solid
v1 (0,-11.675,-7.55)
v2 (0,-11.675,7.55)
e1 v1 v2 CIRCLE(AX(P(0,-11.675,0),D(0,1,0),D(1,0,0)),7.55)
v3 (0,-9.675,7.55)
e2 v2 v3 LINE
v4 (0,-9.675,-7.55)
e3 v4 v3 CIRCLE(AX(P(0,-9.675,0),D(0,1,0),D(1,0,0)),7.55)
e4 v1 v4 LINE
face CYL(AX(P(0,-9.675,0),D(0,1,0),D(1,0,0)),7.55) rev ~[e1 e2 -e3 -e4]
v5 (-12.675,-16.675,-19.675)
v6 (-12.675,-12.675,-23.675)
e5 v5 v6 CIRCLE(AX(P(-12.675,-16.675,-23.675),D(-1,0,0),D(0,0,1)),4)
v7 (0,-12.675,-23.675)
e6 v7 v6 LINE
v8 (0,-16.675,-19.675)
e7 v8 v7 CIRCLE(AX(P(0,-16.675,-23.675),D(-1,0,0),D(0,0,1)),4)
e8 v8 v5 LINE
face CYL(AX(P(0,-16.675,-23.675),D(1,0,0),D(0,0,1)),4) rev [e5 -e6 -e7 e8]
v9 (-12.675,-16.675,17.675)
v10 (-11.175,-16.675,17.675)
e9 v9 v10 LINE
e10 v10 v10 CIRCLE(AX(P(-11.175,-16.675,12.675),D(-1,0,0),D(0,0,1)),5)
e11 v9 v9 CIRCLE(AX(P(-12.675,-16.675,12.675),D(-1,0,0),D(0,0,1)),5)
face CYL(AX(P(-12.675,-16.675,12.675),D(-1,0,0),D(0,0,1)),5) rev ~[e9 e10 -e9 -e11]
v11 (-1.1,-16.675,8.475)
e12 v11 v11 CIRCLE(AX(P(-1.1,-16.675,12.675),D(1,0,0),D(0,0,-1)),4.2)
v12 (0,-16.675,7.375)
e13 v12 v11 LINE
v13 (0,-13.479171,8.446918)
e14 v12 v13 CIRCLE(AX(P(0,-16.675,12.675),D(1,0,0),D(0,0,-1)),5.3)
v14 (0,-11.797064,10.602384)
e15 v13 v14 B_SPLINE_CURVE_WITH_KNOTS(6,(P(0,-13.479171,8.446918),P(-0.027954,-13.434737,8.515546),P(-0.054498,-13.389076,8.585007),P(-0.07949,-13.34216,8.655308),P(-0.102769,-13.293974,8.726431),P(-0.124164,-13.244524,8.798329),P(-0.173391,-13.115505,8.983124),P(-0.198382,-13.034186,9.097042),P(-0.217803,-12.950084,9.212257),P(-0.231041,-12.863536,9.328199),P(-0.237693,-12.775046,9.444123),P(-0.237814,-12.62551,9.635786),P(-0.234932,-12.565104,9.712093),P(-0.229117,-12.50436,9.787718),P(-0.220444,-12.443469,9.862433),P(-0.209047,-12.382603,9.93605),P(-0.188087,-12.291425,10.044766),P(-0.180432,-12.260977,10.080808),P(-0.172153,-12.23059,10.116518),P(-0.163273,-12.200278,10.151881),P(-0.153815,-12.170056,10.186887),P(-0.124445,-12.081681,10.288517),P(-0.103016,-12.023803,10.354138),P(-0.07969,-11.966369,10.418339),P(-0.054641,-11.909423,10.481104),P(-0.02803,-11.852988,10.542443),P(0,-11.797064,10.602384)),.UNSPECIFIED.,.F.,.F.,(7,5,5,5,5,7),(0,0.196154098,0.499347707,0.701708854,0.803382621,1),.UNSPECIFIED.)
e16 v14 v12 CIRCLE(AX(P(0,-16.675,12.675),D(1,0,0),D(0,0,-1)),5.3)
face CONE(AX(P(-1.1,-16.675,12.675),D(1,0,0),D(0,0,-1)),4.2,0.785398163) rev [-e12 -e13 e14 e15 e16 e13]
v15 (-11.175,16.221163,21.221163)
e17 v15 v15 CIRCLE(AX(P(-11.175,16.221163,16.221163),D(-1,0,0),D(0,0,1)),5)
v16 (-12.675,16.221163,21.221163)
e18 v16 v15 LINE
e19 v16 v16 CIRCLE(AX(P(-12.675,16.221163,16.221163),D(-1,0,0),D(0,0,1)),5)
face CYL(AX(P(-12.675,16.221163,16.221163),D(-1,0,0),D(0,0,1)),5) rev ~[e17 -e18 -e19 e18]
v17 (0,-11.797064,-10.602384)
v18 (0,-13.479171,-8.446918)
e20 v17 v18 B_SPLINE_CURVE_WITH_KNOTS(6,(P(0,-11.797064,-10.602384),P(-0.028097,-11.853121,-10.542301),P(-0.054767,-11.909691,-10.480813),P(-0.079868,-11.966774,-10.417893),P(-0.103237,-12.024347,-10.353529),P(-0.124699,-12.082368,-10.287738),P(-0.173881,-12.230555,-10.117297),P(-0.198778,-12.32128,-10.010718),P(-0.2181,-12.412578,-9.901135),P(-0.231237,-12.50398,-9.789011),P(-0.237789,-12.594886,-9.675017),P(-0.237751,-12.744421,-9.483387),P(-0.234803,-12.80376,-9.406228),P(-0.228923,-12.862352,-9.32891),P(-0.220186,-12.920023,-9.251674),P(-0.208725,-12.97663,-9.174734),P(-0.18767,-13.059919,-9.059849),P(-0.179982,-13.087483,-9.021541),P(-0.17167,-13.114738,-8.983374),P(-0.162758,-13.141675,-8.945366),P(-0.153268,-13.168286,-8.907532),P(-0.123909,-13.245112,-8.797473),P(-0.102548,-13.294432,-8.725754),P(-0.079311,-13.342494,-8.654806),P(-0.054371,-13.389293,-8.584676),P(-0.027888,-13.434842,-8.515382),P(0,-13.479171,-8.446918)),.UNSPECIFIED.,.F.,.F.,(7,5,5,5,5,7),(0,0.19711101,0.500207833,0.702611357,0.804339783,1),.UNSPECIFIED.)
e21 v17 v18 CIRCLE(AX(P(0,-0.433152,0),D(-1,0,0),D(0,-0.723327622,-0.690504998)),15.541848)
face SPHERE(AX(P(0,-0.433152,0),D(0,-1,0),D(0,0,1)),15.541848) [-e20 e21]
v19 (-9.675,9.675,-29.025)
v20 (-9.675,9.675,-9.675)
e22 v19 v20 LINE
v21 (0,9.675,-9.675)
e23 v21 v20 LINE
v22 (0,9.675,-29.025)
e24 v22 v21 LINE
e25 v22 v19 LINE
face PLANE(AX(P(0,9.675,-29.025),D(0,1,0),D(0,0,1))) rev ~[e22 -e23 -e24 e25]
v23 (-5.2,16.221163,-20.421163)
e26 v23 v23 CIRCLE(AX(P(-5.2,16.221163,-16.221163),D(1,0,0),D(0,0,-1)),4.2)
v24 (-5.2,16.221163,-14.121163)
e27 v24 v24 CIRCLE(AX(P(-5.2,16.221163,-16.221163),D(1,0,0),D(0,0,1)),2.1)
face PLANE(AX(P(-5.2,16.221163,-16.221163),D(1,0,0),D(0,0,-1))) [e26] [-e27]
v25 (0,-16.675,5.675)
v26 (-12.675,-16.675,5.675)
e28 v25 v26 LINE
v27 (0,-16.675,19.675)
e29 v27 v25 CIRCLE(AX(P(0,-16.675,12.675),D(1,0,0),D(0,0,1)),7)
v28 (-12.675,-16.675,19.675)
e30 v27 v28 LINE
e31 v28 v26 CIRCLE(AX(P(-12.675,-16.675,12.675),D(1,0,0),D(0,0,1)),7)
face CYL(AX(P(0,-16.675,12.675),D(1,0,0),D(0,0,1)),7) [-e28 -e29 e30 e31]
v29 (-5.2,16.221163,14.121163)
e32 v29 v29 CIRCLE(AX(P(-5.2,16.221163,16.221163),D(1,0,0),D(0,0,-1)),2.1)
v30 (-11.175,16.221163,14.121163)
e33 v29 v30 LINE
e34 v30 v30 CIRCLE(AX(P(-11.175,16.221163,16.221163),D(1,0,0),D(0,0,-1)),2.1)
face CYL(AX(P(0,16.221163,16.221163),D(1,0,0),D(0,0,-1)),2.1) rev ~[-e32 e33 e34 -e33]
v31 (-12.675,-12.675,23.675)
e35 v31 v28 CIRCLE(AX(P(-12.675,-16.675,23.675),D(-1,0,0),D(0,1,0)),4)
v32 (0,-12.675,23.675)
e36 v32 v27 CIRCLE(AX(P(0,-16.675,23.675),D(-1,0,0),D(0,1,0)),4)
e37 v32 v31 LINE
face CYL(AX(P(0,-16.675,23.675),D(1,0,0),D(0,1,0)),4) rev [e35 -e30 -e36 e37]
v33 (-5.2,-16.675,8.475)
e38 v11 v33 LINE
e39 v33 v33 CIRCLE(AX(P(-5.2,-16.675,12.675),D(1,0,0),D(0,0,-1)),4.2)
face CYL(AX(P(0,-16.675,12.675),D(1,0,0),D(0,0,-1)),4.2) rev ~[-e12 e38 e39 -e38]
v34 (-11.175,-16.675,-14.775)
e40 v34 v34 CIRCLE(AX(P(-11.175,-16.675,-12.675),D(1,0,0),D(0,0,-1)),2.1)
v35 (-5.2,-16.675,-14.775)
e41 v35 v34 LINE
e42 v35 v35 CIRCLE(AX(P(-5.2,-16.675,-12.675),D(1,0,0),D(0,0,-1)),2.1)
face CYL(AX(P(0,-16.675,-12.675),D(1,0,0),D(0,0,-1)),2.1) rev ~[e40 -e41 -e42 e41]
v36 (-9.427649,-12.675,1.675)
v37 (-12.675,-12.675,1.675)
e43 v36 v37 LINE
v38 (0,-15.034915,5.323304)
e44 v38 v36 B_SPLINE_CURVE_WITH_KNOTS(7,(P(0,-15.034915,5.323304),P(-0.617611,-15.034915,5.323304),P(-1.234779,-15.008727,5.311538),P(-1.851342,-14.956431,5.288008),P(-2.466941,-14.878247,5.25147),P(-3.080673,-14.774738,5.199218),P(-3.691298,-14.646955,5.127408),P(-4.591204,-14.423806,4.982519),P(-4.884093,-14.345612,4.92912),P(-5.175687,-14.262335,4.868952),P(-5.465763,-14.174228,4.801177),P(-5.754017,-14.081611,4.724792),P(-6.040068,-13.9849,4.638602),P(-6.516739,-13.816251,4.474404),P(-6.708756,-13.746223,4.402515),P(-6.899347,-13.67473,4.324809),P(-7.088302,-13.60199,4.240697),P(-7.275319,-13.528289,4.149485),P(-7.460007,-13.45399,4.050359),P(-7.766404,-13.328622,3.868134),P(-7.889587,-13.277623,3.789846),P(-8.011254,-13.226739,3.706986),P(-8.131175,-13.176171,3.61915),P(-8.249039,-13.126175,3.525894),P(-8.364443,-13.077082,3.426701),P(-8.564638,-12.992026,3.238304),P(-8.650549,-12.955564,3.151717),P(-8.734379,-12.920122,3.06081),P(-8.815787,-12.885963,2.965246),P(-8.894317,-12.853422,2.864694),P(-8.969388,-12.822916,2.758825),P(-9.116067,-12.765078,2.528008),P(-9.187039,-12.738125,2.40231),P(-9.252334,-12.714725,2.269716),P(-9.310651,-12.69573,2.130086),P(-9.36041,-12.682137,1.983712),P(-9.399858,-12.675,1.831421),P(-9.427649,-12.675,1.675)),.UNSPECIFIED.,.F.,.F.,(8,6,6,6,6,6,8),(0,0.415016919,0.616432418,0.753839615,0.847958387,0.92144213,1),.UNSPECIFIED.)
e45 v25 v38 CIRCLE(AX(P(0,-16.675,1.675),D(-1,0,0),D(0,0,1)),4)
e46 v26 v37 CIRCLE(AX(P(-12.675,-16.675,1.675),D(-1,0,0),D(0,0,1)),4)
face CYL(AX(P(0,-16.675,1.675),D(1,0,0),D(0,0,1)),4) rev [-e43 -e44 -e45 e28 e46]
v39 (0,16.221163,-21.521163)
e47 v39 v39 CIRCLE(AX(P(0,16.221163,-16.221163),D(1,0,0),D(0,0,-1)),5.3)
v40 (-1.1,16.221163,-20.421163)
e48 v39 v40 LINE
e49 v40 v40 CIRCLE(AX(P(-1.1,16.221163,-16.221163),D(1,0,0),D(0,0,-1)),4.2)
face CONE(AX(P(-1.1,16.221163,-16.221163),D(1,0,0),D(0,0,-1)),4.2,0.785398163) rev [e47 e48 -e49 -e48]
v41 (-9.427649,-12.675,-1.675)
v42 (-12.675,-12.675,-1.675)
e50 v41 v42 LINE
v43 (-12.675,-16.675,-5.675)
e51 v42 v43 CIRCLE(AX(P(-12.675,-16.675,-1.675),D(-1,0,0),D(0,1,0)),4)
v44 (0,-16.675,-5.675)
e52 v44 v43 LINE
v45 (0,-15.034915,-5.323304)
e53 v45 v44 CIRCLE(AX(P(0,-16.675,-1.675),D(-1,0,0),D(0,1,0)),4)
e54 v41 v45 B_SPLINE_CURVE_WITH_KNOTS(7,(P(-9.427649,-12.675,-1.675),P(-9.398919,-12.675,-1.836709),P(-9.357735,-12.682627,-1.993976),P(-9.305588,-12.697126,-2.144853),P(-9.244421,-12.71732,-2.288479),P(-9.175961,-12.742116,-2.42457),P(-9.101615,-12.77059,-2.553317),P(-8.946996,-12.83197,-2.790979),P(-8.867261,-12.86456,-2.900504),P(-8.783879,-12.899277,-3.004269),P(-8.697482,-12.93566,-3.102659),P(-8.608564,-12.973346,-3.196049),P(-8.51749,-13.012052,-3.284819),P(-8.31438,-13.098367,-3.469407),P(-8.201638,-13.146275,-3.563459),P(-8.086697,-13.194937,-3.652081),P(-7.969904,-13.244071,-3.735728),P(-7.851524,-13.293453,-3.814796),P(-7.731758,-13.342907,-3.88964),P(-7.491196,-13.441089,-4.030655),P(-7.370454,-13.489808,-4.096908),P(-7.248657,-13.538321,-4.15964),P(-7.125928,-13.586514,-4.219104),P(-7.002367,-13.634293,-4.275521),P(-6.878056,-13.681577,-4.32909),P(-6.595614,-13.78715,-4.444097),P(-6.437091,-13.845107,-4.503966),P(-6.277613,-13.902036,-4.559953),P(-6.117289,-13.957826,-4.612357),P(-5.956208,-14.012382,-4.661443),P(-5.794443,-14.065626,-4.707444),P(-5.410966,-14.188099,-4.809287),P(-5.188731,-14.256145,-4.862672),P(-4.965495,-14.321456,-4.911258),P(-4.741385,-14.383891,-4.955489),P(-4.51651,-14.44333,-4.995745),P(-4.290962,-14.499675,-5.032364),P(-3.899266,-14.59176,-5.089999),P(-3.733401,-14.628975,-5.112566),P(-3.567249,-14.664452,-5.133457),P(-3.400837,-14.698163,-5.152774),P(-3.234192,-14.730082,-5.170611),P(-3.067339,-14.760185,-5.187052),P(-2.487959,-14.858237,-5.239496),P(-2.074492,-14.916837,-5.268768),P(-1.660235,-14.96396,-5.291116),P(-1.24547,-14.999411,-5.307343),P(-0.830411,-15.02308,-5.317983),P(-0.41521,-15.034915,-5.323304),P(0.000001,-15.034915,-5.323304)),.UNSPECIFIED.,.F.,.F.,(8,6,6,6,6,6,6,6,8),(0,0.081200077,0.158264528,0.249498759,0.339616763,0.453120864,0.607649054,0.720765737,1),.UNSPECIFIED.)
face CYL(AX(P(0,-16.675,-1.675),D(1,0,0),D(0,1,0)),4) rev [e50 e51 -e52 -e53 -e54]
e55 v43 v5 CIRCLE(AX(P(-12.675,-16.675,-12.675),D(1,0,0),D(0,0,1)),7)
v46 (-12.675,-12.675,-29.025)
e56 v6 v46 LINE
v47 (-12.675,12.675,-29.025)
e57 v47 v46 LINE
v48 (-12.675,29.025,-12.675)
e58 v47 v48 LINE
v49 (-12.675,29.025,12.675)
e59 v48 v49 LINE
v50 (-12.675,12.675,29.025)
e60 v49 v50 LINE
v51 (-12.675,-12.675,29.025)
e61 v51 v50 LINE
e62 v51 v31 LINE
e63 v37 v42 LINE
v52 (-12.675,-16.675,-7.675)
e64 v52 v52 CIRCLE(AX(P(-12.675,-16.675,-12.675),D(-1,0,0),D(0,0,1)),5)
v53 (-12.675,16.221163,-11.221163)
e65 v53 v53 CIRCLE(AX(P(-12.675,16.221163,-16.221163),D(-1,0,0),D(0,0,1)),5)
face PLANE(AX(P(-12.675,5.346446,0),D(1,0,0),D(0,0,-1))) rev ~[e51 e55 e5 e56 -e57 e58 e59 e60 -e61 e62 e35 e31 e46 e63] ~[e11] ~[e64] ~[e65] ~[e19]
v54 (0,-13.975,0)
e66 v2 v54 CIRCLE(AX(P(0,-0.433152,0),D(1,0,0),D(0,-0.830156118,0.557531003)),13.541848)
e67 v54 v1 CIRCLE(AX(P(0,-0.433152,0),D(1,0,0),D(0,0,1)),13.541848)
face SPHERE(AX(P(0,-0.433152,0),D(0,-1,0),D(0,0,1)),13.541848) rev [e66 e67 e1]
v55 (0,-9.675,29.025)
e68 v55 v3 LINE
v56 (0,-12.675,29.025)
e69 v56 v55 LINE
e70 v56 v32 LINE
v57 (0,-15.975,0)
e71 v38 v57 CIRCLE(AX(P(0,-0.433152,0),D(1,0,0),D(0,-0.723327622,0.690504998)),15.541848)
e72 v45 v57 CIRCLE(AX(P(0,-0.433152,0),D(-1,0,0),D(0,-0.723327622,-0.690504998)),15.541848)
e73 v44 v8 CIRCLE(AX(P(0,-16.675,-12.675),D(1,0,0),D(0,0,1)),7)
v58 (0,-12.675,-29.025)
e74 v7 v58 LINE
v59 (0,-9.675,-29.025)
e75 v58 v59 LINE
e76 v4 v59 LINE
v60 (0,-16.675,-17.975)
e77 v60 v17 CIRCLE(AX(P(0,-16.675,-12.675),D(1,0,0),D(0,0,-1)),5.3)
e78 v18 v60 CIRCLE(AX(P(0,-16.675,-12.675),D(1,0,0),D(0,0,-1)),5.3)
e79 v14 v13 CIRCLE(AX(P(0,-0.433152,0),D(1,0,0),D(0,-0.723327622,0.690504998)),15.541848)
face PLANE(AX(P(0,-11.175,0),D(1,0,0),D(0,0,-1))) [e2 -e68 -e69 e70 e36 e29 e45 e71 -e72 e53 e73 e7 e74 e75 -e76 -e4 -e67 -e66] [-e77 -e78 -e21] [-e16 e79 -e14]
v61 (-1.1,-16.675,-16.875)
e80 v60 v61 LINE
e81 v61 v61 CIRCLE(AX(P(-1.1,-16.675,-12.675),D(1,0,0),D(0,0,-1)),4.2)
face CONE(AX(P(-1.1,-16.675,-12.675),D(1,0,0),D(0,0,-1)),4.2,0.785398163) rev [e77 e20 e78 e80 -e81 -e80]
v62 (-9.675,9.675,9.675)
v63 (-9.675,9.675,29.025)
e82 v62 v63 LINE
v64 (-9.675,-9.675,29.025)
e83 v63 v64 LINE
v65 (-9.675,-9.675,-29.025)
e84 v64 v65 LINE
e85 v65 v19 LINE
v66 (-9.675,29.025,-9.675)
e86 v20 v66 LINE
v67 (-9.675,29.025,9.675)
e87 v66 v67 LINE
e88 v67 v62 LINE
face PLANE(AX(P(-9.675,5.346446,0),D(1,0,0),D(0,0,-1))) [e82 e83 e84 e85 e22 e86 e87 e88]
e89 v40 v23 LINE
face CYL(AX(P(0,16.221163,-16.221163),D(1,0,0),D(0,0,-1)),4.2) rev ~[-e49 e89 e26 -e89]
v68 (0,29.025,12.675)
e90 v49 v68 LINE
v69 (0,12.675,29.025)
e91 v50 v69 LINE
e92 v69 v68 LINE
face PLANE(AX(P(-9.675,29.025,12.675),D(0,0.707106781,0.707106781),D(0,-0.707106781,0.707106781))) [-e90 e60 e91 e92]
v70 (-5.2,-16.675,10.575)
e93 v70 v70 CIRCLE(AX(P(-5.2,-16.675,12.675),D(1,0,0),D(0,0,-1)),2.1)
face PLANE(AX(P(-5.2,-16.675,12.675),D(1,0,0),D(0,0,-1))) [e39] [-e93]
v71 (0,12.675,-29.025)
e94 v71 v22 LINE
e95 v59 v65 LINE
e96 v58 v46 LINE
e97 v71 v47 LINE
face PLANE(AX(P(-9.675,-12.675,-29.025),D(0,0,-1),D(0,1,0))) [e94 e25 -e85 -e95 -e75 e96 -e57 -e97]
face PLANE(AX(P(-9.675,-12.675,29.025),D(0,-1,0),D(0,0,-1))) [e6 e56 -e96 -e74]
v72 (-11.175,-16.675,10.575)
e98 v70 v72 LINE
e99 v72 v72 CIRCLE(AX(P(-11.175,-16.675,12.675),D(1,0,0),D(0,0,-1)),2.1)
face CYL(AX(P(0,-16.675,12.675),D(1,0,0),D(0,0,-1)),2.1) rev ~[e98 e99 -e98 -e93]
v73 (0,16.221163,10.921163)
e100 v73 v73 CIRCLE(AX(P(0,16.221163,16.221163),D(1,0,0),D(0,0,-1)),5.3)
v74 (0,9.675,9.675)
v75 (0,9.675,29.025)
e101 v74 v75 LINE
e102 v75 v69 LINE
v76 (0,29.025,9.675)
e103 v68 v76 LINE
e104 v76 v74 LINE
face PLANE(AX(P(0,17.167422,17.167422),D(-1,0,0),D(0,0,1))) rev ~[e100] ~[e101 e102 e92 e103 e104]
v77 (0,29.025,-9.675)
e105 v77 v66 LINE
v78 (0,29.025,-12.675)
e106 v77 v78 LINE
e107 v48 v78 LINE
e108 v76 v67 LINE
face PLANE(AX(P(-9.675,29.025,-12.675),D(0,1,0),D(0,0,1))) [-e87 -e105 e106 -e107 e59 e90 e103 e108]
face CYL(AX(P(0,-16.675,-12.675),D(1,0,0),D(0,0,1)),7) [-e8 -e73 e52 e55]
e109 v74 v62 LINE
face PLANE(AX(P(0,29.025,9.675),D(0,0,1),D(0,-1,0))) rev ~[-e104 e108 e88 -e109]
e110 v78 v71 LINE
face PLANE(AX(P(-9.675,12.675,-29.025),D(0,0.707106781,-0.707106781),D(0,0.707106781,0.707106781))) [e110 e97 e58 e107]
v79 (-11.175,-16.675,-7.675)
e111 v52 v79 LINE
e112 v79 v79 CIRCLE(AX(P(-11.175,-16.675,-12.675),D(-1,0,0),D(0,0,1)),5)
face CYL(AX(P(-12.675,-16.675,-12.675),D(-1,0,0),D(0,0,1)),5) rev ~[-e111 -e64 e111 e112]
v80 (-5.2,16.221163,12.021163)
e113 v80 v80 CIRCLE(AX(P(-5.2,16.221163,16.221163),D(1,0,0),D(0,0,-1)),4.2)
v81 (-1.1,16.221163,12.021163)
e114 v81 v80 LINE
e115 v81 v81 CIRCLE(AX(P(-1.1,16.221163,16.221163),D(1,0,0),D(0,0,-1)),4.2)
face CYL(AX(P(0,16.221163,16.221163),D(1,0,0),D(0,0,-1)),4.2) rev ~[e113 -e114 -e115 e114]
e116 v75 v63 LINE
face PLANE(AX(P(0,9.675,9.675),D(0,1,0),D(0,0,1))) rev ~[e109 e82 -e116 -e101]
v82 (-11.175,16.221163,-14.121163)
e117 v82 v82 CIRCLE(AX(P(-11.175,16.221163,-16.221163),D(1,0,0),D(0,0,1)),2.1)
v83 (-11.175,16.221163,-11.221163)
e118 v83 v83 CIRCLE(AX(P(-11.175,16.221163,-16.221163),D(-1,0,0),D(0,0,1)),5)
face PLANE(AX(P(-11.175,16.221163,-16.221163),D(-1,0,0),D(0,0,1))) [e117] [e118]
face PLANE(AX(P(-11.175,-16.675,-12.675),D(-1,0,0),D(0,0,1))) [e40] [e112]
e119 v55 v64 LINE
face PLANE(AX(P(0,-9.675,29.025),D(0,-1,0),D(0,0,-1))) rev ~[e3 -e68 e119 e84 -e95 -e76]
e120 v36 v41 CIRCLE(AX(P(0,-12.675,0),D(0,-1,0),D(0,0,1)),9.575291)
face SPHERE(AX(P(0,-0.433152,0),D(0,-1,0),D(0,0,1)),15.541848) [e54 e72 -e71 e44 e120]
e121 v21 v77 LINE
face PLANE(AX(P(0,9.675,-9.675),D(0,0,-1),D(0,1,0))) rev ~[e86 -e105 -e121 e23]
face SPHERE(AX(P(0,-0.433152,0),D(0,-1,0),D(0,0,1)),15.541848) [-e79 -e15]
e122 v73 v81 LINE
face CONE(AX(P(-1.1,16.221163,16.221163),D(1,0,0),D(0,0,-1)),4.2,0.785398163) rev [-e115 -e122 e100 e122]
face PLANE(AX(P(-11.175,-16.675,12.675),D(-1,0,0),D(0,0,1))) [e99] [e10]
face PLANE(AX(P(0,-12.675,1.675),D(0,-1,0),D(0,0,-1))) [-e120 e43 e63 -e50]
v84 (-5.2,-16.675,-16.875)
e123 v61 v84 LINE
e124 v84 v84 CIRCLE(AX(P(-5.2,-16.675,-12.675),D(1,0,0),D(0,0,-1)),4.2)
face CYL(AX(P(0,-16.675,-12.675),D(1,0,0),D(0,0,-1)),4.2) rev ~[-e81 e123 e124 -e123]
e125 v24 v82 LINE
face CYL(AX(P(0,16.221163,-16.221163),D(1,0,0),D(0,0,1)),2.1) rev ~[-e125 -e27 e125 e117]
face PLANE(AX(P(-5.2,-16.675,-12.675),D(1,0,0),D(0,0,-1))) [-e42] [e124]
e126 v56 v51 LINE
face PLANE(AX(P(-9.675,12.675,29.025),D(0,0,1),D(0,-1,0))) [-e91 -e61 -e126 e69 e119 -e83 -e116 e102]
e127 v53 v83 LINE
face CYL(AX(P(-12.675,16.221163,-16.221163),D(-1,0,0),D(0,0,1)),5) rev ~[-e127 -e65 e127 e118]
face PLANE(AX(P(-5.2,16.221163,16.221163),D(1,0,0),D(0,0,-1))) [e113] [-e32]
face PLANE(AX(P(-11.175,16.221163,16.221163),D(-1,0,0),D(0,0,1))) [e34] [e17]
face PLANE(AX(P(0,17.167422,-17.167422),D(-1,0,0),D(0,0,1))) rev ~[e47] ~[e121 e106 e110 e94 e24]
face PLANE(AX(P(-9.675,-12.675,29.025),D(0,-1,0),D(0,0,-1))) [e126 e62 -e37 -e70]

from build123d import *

# Parameters (mm, degrees)
BOSS_EXTRUDE1_DEPTH   = 9.675
SKETCH2_W             = 58.05
SKETCH2_H             = 3
BOSS_EXTRUDE1_2_DEPTH = 9.675
BOSS_EXTRUDE1_3_DEPTH = 9.675
BOSS_EXTRUDE2_DEPTH   = 3
BOSS_EXTRUDE3_DEPTH   = 12.675
SKETCH6_R             = 2.1
CUT_EXTRUDE1_DEPTH    = 43.959945007
SKETCH7_R             = 5
CUT_EXTRUDE2_DEPTH    = 1.5
SKETCH8_R             = 4.2
CUT_EXTRUDE3_DEPTH    = 5.2
CHAMFER1_SIZE         = 1.1
SKETCH9_R             = 7.55
CUT_EXTRUDE4_DEPTH    = 2
REVOLVE1_ANGLE        = 180


with BuildPart() as part:
    # Sketch2 → Boss-Extrude1 (new body)
    with BuildSketch(Plane(origin=(0, 0, 0), x_dir=(0, 0, -1), z_dir=(1, 0, 0))):
        Polygon((-29.025, 9.675), (-29.025, 12.675), (-12.675, 29.025), (-9.675, 29.025), (-9.675, 9.675), align=None)
    extrude(amount=-BOSS_EXTRUDE1_DEPTH)



with BuildPart() as body_2:
    # Sketch2 → Boss-Extrude1 2 (new body)
    with BuildSketch(Plane(origin=(0, 0, 0), x_dir=(0, 0, -1), z_dir=(1, 0, 0))):
        with Locations((0, -11.175)):
            Rectangle(SKETCH2_W, SKETCH2_H)
    extrude(amount=-BOSS_EXTRUDE1_2_DEPTH)


with BuildPart() as body_3:
    # Sketch2 → Boss-Extrude1 3 (new body)
    with BuildSketch(Plane(origin=(0, 0, 0), x_dir=(0, 0, -1), z_dir=(1, 0, 0))):
        Polygon((9.675, 29.025), (12.675, 29.025), (29.025, 12.675), (29.025, 9.675), (9.675, 9.675), align=None)
    extrude(amount=-BOSS_EXTRUDE1_3_DEPTH)


with BuildPart() as part_1:
    add(part.part)

    add(body_2.part)  # Boss-Extrude2 merges body 2

    add(body_3.part)  # Boss-Extrude2 merges body 3
    # Sketch3 → Boss-Extrude2 (add)
    with BuildSketch(Plane.ZY.offset(9.675)):
        Polygon((-29.025, 12.675), (-12.675, 29.025), (12.675, 29.025), (29.025, 12.675), (29.025, -12.675), (-29.025, -12.675), align=None)
    extrude(amount=BOSS_EXTRUDE2_DEPTH)

    # Sketch5 → Boss-Extrude3 (add)
    with BuildSketch(Plane(origin=(0, 0, 0), x_dir=(0, 0, -1), z_dir=(1, 0, 0))):
        with BuildLine():
            Line((-29.025, -12.675), (-23.675, -12.675))
            ThreePointArc((-23.675, -12.675), (-20.846572875, -13.846572875), (-19.675, -16.675))
            ThreePointArc((-19.675, -16.675), (-12.675, -23.675), (-5.675, -16.675))
            ThreePointArc((-5.675, -16.675), (-4.503427125, -13.846572875), (-1.675, -12.675))
            Line((-1.675, -12.675), (1.675, -12.675))
            ThreePointArc((1.675, -12.675), (4.503427125, -13.846572875), (5.675, -16.675))
            ThreePointArc((5.675, -16.675), (12.675, -23.675), (19.675, -16.675))
            ThreePointArc((19.675, -16.675), (20.846572875, -13.846572875), (23.675, -12.675))
            Line((23.675, -12.675), (29.025, -12.675))
            Line((29.025, -12.675), (29.025, -9.675))
            Line((29.025, -9.675), (-29.025, -9.675))
            Line((-29.025, -9.675), (-29.025, -12.675))
        make_face()
    extrude(amount=-BOSS_EXTRUDE3_DEPTH)

    # Sketch6 → Cut-Extrude1 (cut, through all)
    with BuildSketch(Plane(origin=(0, 0, 0), x_dir=(0, 0, -1), z_dir=(1, 0, 0))):
        with Locations((-12.675, -16.675)):
            Circle(SKETCH6_R)
        with Locations((12.675, -16.675)):
            Circle(SKETCH6_R)
        with Locations((-16.22116344, 16.22116344)):
            Circle(SKETCH6_R)
        with Locations(Location((16.22116344, 16.22116344, 0), (0, 0, 180))):
            Circle(SKETCH6_R)
    extrude(amount=-CUT_EXTRUDE1_DEPTH, mode=Mode.SUBTRACT)

    # Sketch7 → Cut-Extrude2 (cut)
    with BuildSketch(Plane.ZY.offset(12.675)):
        with Locations((-16.22116344, 16.22116344)):
            Circle(SKETCH7_R)
        with Locations((16.22116344, 16.22116344)):
            Circle(SKETCH7_R)
        with Locations((-12.675, -16.675)):
            Circle(SKETCH7_R)
        with Locations((12.675, -16.675)):
            Circle(SKETCH7_R)
    extrude(amount=-CUT_EXTRUDE2_DEPTH, mode=Mode.SUBTRACT)

    # Sketch8 → Cut-Extrude3 (cut)
    with BuildSketch(Plane(origin=(0, 0, 0), x_dir=(0, 0, -1), z_dir=(1, 0, 0))):
        with Locations((-16.22116344, 16.22116344)):
            Circle(SKETCH8_R)
        with Locations((16.22116344, 16.22116344)):
            Circle(SKETCH8_R)
        with Locations((12.675, -16.675)):
            Circle(SKETCH8_R)
        with Locations((-12.675, -16.675)):
            Circle(SKETCH8_R)
    extrude(amount=-CUT_EXTRUDE3_DEPTH, mode=Mode.SUBTRACT)

    # Chamfer1
    chamfer1_edges = [part_1.edges().sort_by_distance(p)[0] for p in [
        (0, -16.675, 16.875),
        (0, -16.675, -8.475),
        (0, 16.22116344, -12.02116344),
        (0, 16.22116344, 20.42116344),
    ]]
    chamfer(chamfer1_edges, length=CHAMFER1_SIZE)

    # Sketch9 → Cut-Extrude4 (cut)
    with BuildSketch(Plane(origin=(0, -9.675, 0), x_dir=(1, 0, 0), z_dir=(0, 1, 0))):
        Circle(SKETCH9_R)
    extrude(amount=-CUT_EXTRUDE4_DEPTH, mode=Mode.SUBTRACT)

    # Sketch10 → Revolve1 (revolve)
    with BuildSketch(Plane(origin=(0, 0, 0), x_dir=(0, 0, -1), z_dir=(1, 0, 0))):
        with BuildLine():
            Line((0, -15.975), (0, -11.675))
            Line((0, -11.675), (-10.731723594, -11.675))
            ThreePointArc((-10.731723594, -11.675), (-5.780568556, -14.860004257), (0, -15.975))
        make_face()
    revolve(axis=Axis((0, -15.975, 0), (0, -1, 0)), revolution_arc=REVOLVE1_ANGLE)

    # Sketch11 → Cut-Revolve1 (revolve, cut)
    with BuildSketch(Plane(origin=(0, 0, 0), x_dir=(0, 0, -1), z_dir=(1, 0, 0))):
        with BuildLine():
            Line((0, -13.975), (0, -11.675))
            Line((0, -11.675), (-7.55, -11.675))
            ThreePointArc((-7.55, -11.675), (-3.946279894, -13.387244869), (0, -13.975))
        make_face()
    revolve(axis=Axis((0, -13.975, 0), (0, 1, 0)), mode=Mode.SUBTRACT)


solid = part_1.part
